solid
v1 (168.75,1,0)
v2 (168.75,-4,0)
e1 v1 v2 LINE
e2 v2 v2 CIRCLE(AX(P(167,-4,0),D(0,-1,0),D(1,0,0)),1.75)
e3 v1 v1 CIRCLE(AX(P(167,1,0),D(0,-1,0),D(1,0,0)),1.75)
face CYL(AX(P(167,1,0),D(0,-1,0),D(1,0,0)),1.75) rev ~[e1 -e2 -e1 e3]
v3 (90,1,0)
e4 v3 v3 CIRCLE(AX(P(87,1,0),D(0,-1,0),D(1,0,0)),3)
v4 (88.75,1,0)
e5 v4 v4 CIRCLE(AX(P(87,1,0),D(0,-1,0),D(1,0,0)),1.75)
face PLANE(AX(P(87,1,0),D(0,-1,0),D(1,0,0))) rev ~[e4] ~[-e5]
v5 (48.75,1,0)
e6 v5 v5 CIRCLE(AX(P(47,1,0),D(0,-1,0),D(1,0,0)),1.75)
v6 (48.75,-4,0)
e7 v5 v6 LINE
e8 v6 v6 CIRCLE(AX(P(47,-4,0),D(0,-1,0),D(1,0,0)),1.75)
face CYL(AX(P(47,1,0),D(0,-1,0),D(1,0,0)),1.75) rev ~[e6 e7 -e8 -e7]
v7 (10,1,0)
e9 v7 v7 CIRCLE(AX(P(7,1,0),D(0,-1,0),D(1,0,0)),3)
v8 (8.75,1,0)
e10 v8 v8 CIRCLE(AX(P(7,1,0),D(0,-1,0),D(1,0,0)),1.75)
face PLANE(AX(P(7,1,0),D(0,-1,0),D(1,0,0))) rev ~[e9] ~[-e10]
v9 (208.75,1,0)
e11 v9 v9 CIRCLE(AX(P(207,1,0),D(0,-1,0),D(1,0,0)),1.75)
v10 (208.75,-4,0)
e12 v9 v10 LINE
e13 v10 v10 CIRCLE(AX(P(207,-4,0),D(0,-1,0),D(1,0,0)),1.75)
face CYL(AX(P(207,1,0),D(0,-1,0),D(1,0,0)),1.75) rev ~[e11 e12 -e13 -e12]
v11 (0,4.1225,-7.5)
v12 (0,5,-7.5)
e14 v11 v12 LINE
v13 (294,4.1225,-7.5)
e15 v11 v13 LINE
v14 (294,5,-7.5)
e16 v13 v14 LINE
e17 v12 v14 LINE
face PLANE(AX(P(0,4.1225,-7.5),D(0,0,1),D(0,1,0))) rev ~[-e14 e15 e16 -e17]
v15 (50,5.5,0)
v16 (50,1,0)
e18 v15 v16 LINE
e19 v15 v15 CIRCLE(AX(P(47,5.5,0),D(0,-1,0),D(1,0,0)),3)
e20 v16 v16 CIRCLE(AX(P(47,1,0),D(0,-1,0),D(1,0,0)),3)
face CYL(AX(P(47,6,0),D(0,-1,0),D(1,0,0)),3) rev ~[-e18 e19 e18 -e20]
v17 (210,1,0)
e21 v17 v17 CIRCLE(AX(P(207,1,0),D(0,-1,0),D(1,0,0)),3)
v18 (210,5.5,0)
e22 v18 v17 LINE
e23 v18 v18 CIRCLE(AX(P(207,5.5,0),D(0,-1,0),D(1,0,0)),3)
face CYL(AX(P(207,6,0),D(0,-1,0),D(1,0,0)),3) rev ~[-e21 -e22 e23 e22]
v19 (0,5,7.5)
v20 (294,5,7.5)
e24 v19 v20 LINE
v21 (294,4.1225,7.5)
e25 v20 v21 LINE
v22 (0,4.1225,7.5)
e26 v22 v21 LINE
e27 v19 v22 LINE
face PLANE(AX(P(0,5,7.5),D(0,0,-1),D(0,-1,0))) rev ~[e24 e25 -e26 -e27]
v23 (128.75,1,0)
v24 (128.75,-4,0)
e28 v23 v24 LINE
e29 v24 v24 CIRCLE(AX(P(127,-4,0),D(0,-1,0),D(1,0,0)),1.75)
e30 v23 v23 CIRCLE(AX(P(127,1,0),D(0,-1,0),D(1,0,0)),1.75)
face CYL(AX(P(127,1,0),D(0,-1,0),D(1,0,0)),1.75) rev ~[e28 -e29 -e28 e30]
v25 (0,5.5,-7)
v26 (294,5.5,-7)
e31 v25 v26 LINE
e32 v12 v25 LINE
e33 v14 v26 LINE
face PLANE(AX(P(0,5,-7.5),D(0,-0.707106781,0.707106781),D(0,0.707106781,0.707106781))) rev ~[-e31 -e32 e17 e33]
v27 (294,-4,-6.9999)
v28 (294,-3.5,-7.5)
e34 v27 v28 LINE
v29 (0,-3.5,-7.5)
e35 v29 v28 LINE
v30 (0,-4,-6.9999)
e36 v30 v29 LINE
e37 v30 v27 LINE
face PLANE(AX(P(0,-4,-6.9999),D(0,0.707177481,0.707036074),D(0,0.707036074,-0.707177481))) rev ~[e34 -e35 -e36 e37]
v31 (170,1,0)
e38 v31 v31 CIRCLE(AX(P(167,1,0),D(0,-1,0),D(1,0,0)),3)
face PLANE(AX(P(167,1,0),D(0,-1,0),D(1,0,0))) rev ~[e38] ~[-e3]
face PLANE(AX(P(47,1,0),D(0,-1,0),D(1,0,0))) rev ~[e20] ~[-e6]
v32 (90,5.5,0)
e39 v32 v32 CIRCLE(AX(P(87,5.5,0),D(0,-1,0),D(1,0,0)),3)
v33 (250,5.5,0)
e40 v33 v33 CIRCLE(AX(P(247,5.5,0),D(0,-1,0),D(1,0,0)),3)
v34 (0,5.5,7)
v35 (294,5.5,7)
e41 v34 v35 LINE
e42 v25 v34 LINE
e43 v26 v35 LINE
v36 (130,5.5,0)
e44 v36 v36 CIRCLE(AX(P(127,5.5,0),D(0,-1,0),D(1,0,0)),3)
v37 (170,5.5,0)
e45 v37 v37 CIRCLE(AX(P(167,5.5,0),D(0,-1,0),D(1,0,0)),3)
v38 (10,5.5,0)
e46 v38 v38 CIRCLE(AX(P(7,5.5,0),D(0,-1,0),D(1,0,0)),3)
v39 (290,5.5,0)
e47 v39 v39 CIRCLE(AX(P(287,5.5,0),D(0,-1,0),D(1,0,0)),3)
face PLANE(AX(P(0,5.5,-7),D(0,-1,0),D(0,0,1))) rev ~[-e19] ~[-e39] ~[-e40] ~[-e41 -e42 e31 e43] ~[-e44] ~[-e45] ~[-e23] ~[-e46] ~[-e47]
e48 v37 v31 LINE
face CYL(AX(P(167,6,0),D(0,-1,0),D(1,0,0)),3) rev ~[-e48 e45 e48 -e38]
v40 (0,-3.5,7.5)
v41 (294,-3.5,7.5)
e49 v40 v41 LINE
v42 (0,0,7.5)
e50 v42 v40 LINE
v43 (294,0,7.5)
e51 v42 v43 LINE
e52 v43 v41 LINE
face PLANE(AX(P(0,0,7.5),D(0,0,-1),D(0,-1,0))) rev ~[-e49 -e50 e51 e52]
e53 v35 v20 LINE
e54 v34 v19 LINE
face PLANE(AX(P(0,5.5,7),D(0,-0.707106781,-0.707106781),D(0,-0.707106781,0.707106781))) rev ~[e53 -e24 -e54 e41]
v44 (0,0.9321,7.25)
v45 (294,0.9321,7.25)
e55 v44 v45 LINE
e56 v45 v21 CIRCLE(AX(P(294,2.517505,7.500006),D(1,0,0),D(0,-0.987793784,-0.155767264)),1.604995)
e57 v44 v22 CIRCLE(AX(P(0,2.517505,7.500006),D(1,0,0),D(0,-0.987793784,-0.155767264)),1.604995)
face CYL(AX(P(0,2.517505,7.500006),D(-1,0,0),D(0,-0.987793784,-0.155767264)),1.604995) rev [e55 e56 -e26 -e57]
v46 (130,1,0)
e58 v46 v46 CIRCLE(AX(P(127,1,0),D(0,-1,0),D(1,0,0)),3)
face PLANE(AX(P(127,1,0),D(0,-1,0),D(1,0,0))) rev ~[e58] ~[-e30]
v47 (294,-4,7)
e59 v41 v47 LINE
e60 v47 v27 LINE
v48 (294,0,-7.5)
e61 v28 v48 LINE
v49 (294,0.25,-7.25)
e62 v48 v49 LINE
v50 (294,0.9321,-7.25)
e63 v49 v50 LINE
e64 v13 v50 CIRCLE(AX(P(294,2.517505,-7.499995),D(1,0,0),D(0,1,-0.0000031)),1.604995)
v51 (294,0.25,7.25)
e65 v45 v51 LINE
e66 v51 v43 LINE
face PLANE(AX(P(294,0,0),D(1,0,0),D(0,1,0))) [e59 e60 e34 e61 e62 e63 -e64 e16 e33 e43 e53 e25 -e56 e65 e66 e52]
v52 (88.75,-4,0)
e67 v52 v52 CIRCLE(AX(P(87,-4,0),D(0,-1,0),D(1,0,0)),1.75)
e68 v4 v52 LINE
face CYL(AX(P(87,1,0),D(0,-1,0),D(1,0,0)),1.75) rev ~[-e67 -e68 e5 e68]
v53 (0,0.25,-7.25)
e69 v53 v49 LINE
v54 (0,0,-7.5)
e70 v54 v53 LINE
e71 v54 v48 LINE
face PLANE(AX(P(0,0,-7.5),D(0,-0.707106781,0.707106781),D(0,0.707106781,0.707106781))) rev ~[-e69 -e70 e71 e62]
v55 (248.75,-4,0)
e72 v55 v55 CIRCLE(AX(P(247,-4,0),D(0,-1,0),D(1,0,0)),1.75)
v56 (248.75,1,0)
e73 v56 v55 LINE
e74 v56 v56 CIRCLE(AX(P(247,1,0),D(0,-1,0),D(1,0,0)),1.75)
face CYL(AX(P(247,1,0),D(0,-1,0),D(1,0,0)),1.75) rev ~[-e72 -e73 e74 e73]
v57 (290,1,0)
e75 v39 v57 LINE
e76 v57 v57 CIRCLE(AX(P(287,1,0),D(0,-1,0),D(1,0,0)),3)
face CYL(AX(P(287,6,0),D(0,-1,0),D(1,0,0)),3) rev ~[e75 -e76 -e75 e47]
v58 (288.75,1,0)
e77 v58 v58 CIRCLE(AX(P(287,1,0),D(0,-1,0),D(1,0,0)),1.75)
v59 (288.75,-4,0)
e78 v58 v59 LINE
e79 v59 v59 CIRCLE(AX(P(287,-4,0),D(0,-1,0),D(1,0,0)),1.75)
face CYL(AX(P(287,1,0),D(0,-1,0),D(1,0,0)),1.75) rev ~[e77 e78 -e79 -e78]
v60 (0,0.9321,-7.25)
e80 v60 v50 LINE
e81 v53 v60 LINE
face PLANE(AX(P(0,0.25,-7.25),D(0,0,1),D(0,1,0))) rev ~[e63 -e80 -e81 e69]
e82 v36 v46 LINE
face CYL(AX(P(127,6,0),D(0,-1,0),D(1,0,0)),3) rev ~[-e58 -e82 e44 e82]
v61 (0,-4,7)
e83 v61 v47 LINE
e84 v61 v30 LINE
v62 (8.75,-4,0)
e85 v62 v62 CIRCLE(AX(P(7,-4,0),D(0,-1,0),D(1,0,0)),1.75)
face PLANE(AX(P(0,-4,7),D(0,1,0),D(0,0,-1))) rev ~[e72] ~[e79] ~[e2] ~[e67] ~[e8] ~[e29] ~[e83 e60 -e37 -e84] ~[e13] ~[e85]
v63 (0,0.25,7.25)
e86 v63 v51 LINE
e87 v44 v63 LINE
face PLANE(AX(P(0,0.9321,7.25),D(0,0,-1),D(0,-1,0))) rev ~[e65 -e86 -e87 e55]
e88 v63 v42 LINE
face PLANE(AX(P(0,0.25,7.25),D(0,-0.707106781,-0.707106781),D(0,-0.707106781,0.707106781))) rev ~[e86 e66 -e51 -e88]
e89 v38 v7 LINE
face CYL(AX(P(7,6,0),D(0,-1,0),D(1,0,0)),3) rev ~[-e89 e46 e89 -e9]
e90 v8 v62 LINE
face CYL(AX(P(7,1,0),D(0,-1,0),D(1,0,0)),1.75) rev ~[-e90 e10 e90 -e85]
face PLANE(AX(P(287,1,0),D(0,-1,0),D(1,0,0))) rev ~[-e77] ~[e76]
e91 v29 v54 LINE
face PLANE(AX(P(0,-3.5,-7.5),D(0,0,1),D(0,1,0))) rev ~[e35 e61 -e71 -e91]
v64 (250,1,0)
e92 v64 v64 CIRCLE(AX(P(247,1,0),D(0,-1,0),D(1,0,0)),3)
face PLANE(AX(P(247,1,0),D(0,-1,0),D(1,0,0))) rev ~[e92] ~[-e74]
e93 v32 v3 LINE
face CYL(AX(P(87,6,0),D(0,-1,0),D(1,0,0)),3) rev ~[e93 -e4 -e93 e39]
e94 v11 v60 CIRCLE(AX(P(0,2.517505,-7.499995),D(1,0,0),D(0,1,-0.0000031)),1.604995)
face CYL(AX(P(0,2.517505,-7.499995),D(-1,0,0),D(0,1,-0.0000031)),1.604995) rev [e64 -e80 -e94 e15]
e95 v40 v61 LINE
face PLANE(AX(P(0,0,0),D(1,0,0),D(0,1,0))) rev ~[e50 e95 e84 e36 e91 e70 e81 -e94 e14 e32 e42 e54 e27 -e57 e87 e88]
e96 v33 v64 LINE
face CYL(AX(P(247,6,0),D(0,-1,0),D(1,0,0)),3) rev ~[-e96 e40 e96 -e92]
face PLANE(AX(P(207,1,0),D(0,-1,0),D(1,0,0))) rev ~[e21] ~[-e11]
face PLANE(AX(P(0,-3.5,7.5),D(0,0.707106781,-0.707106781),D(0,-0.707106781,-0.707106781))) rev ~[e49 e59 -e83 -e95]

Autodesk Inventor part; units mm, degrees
sketch "Sketch_11" plane through (0, 0, 0) normal (1, 0, 0) x (0, 1, 0)
  line L0 (5, 7.5) -> (4.1225, 7.5)
  arc A0 (0.9321, 7.25) -> (4.1225, 7.5) centre (2.5175, 7.5) ccw
  line L1 (0.9321, 7.25) -> (0.25, 7.25)
  line L2 (0.25, 7.25) -> (0, 7.5)
  line L3 (0, 7.5) -> (-3.5, 7.5)
  line L4 (-3.5, 7.5) -> (-4, 7)
  line L5 (-4, 7) -> (-4, -6.9999)
  line L6 (-4, -6.9999) -> (-3.5, -7.5)
  line L7 (-3.5, -7.5) -> (0, -7.5)
  line L8 (0, -7.5) -> (0.25, -7.25)
  line L9 (0.25, -7.25) -> (0.9321, -7.25)
  arc A1 (4.1225, -7.5) -> (0.9321, -7.25) centre (2.5175, -7.5) ccw
  line L10 (4.1225, -7.5) -> (5, -7.5)
  line L11 (5, -7.5) -> (5.5, -7)
  line L12 (5.5, -7) -> (5.5, 7)
  line L13 (5.5, 7) -> (5, 7.5)
extrude "Extrusion1" add sketch "Sketch_11" along normal blind 294
sketch "Sketch_17" plane through (0, 0, 0) normal (0, 0, 1) x (1, 0, 0)
  line L0 (7, -4.5) -> (7, 6)
  line L1 (7, 6) -> (10, 6)
  line L2 (10, 6) -> (10, 1)
  line L3 (10, 1) -> (8.75, 1)
  line L4 (8.75, 1) -> (8.75, -4.5)
  line L5 (8.75, -4.5) -> (7, -4.5)
  line L6 (7, -4.5) -> (7, 6)
revolve "Revolution1" cut sketch "Sketch_17" angle 360 about axis through (7, -4.5, 0) along (0, -1, 0)
pattern_linear "Rectangular Pattern1" count 8 spacing 40 along (1, 0, 0) of "Revolution1"
ref_plane "dummy_XY" through (7, -4, 0) normal (1, 0, 0) x (0, 0, -1)
ref_plane "dummy_YZ" through (7, -4, 0) normal (0, 0, -1) x (0, 1, 0)
ref_plane "dummy_ZX" through (7, -4, 0) normal (0, 1, 0) x (1, 0, 0)
ref_plane "slider_XY" through (20, 0, 0) normal (-1, 0, 0) x (0, 0, -1)
ref_plane "slider_YZ" through (20, 0, 0) normal (0, 0, -1) x (0, -1, 0)
ref_plane "slider_ZX" through (20, 0, 0) normal (0, -1, 0) x (-1, 0, 0)
ref_plane "slider2_XY" through (100, 0, 0) normal (-1, 0, 0) x (0, 0, -1)
ref_plane "slider2_YZ" through (100, 0, 0) normal (0, 0, -1) x (0, -1, 0)
ref_plane "slider2_ZX" through (100, 0, 0) normal (0, -1, 0) x (-1, 0, 0)
properties part number "LU15AL294K2720100_rail"
